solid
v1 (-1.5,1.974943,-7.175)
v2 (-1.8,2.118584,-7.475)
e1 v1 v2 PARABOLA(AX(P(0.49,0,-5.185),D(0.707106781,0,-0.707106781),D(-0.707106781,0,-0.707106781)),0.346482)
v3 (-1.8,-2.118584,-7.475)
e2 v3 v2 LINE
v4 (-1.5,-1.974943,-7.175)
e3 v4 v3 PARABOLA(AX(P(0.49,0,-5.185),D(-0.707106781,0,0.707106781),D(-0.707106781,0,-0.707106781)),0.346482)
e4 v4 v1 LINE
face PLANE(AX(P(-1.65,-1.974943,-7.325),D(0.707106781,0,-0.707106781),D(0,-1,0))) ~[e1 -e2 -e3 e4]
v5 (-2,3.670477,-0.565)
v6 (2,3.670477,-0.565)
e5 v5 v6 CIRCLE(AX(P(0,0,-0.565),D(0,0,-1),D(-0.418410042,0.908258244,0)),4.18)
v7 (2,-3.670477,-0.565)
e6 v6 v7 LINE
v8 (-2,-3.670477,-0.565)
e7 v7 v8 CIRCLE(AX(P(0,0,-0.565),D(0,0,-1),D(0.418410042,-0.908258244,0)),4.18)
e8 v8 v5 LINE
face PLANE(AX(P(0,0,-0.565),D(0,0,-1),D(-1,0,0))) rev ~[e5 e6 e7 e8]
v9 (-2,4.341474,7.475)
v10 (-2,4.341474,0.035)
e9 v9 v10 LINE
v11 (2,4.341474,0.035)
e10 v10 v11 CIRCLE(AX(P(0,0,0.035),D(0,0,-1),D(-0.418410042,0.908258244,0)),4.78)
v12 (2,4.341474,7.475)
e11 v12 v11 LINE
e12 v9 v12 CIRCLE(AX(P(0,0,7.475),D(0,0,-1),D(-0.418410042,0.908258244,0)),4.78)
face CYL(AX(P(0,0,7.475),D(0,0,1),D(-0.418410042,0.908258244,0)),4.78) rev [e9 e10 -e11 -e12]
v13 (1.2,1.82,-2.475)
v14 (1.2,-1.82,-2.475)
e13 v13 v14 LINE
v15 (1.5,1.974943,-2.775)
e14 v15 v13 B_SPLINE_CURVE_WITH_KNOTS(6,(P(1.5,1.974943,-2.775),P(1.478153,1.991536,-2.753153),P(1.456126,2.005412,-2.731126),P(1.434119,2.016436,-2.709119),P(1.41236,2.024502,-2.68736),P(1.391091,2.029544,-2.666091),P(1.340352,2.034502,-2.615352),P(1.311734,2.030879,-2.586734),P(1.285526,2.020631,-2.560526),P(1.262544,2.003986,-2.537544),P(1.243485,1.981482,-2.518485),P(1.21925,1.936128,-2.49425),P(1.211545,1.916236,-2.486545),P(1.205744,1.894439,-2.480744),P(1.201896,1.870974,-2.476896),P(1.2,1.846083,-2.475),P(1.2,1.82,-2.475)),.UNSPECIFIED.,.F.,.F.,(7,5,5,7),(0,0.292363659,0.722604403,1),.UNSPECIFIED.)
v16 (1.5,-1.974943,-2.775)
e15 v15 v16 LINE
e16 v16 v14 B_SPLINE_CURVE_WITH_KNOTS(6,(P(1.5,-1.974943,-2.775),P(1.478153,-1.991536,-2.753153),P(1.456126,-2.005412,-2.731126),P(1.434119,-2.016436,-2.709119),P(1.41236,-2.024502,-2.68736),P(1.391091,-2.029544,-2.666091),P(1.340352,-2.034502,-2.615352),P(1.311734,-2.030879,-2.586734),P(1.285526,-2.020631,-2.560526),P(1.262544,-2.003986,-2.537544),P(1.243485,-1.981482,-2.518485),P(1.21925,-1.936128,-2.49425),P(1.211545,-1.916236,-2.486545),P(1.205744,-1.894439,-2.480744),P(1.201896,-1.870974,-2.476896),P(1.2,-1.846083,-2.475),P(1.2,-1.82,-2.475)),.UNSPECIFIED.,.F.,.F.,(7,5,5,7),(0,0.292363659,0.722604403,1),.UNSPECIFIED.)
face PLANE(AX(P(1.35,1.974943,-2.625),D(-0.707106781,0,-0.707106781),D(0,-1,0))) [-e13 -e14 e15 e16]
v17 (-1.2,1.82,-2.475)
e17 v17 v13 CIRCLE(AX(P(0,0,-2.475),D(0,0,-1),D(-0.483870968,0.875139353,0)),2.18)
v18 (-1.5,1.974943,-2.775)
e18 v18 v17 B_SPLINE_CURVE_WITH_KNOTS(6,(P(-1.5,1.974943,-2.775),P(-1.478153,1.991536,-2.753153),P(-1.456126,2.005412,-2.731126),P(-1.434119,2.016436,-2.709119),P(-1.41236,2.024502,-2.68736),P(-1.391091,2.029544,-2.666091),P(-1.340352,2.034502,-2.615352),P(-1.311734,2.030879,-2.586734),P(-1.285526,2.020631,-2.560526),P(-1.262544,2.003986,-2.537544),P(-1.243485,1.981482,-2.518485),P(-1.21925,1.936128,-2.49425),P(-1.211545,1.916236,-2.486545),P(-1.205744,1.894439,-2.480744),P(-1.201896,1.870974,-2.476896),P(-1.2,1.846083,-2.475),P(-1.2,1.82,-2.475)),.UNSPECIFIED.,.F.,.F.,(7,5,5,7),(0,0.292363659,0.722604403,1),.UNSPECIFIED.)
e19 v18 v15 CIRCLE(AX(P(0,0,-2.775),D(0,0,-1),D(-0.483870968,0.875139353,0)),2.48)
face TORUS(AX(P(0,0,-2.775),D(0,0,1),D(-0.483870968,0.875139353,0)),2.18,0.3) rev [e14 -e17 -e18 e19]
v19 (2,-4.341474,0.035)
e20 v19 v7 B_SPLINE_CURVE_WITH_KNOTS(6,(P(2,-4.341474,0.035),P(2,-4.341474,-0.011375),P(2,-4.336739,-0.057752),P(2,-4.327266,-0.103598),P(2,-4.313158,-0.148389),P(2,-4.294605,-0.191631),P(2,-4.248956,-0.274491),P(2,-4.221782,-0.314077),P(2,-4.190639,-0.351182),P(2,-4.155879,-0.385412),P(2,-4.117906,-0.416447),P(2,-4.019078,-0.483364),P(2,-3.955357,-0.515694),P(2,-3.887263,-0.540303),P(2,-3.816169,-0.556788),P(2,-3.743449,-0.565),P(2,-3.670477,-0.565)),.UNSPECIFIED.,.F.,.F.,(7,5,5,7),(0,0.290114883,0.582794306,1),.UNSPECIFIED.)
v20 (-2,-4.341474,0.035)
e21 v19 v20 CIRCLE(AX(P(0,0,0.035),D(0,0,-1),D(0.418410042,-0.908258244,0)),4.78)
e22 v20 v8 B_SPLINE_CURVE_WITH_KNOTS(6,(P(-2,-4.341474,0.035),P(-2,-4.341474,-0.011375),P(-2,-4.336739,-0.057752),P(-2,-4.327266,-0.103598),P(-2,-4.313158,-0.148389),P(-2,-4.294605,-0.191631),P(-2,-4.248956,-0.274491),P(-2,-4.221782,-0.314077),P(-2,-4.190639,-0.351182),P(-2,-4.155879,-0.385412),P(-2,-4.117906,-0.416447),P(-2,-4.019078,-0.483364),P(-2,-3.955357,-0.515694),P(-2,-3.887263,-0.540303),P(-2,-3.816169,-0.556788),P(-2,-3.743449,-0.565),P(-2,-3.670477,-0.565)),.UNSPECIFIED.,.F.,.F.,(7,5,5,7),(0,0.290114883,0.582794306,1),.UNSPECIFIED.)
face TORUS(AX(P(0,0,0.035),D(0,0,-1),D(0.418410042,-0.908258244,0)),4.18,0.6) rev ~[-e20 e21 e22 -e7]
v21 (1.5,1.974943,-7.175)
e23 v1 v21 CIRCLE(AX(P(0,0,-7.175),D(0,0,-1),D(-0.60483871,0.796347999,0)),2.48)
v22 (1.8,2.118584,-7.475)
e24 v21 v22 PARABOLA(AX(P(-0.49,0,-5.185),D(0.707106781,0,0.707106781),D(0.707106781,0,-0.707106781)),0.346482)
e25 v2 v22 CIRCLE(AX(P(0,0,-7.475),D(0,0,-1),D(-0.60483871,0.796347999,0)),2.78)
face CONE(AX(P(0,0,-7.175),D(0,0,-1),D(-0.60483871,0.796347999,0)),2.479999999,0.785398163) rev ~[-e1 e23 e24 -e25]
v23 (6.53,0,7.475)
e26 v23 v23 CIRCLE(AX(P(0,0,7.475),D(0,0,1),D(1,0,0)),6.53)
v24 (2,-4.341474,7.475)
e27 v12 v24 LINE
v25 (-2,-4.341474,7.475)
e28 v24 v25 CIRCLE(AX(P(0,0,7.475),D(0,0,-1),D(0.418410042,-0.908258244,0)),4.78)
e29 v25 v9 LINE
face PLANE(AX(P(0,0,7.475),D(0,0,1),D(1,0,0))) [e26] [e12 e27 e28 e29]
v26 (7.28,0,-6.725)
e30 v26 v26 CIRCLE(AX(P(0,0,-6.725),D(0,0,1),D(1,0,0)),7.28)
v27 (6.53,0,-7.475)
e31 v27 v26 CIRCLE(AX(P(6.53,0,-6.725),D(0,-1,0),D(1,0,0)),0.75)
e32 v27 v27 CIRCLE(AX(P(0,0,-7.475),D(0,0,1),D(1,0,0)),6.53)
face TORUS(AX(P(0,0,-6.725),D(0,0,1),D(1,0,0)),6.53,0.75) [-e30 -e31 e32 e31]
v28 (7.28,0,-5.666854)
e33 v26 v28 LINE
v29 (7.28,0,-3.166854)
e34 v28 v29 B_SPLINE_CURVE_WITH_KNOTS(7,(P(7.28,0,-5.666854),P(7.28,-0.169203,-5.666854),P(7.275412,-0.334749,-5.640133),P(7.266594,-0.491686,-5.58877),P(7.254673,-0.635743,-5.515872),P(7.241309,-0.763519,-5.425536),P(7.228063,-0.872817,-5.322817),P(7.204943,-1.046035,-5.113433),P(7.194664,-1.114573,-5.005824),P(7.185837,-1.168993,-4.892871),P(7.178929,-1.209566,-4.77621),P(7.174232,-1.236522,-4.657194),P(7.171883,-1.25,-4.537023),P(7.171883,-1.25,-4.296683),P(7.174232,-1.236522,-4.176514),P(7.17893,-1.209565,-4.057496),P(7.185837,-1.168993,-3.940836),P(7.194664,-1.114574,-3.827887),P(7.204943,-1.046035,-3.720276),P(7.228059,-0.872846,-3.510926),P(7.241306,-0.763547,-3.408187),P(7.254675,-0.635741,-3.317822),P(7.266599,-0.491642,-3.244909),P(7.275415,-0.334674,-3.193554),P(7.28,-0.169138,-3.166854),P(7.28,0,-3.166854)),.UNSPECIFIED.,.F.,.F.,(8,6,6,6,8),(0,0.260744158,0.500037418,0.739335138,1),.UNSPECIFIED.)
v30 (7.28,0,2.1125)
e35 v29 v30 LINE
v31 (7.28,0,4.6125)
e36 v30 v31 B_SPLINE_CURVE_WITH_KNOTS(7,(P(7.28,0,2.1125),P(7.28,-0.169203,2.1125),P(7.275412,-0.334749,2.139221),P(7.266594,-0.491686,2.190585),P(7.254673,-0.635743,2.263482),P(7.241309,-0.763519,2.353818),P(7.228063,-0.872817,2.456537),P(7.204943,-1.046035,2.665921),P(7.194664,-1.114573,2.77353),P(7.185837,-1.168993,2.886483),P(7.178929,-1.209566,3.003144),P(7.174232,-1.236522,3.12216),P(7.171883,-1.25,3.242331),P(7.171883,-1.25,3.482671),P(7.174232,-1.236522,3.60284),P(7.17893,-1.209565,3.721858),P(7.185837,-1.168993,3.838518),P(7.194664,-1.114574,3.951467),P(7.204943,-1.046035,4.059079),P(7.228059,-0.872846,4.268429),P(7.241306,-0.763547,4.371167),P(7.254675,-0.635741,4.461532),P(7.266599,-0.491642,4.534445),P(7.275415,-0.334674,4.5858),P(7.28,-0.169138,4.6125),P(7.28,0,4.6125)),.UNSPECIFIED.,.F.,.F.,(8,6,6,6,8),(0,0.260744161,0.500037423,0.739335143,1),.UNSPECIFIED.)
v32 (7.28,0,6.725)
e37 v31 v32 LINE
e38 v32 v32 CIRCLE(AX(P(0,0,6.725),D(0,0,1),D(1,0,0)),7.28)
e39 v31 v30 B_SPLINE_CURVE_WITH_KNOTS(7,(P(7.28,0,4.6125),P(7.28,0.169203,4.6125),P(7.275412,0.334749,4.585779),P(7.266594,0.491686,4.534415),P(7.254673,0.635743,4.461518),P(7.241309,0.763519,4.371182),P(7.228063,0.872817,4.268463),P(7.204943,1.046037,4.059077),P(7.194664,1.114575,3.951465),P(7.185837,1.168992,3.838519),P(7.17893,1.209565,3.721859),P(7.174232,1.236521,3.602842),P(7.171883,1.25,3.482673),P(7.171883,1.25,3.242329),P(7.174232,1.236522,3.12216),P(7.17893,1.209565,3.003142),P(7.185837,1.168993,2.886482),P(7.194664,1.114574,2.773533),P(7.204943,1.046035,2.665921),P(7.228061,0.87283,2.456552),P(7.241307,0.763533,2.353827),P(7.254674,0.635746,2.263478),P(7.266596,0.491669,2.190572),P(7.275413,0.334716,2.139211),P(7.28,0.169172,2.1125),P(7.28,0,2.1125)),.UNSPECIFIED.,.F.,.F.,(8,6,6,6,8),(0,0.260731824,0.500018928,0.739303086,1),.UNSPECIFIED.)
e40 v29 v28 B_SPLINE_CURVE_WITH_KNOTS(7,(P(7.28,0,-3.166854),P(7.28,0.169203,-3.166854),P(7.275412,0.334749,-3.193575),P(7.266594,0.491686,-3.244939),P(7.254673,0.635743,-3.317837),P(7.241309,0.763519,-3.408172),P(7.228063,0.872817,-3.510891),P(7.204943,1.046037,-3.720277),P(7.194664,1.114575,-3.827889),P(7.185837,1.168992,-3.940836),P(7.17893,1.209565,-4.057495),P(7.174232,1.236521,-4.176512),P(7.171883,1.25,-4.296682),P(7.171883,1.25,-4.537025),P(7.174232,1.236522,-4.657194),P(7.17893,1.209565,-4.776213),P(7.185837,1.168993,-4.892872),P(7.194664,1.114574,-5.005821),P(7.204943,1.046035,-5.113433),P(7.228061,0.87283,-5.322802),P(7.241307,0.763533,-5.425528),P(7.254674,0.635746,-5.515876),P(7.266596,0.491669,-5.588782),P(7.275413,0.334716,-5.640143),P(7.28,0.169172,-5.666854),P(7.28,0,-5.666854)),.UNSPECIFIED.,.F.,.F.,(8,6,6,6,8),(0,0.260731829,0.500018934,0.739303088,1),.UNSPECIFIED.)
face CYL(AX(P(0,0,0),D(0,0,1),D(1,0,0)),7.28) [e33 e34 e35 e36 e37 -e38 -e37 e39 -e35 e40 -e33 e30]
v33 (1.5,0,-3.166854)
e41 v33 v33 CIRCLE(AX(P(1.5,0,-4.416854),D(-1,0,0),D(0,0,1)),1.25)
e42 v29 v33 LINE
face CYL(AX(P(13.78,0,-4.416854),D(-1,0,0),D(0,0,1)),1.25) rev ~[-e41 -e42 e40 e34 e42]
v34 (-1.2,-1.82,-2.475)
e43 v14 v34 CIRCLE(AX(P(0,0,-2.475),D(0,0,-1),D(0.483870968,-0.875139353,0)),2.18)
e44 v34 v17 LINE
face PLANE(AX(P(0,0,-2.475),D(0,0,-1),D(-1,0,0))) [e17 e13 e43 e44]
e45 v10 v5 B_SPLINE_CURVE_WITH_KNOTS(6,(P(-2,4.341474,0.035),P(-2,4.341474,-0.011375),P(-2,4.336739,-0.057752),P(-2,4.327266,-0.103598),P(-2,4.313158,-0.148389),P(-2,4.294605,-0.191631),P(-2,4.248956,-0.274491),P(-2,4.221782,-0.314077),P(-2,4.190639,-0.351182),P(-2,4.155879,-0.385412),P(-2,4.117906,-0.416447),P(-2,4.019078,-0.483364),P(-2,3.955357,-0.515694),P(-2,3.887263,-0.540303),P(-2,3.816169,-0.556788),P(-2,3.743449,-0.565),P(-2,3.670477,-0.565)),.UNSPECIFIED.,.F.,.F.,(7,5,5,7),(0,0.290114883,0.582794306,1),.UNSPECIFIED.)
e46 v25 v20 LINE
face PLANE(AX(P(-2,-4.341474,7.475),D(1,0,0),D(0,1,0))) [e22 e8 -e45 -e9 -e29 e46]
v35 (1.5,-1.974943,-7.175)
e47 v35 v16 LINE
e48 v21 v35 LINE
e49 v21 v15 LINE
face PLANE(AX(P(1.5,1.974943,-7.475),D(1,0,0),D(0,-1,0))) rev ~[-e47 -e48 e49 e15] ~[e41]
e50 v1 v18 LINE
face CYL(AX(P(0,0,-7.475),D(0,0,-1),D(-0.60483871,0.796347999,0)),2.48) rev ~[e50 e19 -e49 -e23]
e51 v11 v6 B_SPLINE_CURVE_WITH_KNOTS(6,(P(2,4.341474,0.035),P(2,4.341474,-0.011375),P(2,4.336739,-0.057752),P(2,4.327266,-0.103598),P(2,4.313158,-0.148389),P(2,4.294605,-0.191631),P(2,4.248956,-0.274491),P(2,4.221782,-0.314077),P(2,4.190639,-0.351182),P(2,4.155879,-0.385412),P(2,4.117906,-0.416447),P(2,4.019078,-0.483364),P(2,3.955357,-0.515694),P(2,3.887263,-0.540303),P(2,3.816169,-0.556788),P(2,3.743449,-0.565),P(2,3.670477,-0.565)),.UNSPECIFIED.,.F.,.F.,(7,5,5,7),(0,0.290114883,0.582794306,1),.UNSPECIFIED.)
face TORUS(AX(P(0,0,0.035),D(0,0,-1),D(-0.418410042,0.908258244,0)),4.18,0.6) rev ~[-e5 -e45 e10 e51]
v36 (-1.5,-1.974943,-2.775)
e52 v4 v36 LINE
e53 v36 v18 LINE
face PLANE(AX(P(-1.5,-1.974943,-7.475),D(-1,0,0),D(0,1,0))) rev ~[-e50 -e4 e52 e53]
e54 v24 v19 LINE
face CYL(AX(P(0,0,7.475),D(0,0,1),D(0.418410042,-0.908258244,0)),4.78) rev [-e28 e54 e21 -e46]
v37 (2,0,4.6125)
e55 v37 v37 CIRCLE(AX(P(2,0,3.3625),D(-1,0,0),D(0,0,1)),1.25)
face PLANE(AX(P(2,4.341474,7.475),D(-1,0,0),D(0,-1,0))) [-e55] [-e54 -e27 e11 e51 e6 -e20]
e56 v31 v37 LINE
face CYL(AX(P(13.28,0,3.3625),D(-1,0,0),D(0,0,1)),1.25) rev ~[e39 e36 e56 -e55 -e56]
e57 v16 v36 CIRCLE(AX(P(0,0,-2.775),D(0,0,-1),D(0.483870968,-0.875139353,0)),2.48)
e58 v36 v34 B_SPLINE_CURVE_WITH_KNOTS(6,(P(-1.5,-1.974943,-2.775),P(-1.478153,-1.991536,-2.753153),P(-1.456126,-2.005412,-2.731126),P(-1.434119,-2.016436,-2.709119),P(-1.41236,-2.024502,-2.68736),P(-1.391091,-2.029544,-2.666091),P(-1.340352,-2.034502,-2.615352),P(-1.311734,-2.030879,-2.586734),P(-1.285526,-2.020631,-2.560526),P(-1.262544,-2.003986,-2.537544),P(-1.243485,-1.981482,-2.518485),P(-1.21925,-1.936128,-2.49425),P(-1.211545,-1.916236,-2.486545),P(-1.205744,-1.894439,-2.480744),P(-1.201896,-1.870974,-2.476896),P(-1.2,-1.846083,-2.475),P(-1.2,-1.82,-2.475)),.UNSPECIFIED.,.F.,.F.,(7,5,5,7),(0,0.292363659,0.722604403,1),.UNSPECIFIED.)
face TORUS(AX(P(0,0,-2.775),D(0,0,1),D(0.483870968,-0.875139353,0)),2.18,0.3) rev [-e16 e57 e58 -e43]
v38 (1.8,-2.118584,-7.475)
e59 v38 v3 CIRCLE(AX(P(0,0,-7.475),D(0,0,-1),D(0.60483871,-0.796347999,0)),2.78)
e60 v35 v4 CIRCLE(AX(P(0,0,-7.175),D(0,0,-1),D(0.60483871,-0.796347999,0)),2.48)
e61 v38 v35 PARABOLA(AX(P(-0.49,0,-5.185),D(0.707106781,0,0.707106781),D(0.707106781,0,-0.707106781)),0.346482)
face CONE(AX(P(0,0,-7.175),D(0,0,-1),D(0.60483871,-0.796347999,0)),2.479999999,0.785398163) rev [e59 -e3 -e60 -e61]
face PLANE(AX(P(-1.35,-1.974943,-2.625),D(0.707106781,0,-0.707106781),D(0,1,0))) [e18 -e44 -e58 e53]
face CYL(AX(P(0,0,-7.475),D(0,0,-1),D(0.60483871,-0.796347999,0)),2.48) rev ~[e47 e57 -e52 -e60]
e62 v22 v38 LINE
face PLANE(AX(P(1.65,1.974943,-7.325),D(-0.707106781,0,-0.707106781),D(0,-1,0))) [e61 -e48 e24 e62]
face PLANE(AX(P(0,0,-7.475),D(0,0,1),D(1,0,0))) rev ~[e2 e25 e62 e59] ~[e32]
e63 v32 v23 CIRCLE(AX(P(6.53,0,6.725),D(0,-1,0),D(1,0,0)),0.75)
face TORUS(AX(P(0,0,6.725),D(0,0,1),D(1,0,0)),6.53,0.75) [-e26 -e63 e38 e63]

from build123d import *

# Parameters (mm, degrees)
SKETCH1_R             = 7.28
BOSS_EXTRUDE1_DEPTH   = 7.475
CUT_EXTRUDE1_DEPTH    = 8.04
CUT_EXTRUDE2_DEPTH    = 5
CHAMFER2_SIZE         = 0.3
CHAMFER4_SIZE         = 0.3
FILLET1_R             = 0.75
FILLET2_R             = 0.6
FILLET3_R             = 0.3
M3_TAPPED_HOLE3_D     = 2.5
M3_TAPPED_HOLE3_DEPTH = 6
M3_TAPPED_HOLE3_TIP   = 0.751075774
M3_TAPPED_HOLE4_D     = 2.5
M3_TAPPED_HOLE4_DEPTH = 6.5
M3_TAPPED_HOLE4_TIP   = 0.751075774


with BuildPart() as part:
    # Sketch1 → Boss-Extrude1 (new, symmetric)
    with BuildSketch(Plane.XY):
        Circle(SKETCH1_R)
    extrude(amount=BOSS_EXTRUDE1_DEPTH, both=True)

    # Sketch3 → Cut-Extrude1 (cut)
    with BuildSketch(Plane.XY.offset(7.475)):
        with BuildLine():
            ThreePointArc((2, 4.341474404), (0, 4.78), (-2, 4.341474404))
            Line((-2, 4.341474404), (-2, -4.341474404))
            ThreePointArc((-2, -4.341474404), (0, -4.78), (2, -4.341474404))
            Line((2, -4.341474404), (2, 4.341474404))
        make_face()
    extrude(amount=-CUT_EXTRUDE1_DEPTH, mode=Mode.SUBTRACT)

    # Sketch4 → Cut-Extrude2 (cut)
    with BuildSketch(Plane(origin=(0, 0, -7.475), x_dir=(-1, 0, 0), z_dir=(0, 0, -1))):
        with BuildLine():
            Line((-1.5, 1.974943037), (-1.5, -1.974943037))
            ThreePointArc((-1.5, -1.974943037), (0, -2.48), (1.5, -1.974943037))
            Line((1.5, -1.974943037), (1.5, 1.974943037))
            ThreePointArc((1.5, 1.974943037), (0, 2.48), (-1.5, 1.974943037))
        make_face()
    extrude(amount=-CUT_EXTRUDE2_DEPTH, mode=Mode.SUBTRACT)

    # Chamfer2
    chamfer2_edges = [part.edges().sort_by_distance(p)[0] for p in [
        (-1.5, 0, -2.475),
        (1.5, 0, -2.475),
    ]]
    chamfer(chamfer2_edges, length=CHAMFER2_SIZE)

    # Chamfer4
    chamfer4_edges = [part.edges().sort_by_distance(p)[0] for p in [
        (0, -2.48, -7.475),
        (-1.5, 0, -7.475),
        (0, 2.48, -7.475),
        (1.5, 0, -7.475),
    ]]
    chamfer(chamfer4_edges, length=CHAMFER4_SIZE)

    # Fillet1
    fillet1_edges = [part.edges().sort_by_distance(p)[0] for p in [
        (-7.28, 0, 7.475),
        (-7.28, 0, -7.475),
    ]]
    fillet(fillet1_edges, radius=FILLET1_R)

    # Fillet2
    fillet2_edges = [part.edges().sort_by_distance(p)[0] for p in [
        (0, -4.78, -0.565),
        (0, 4.78, -0.565),
    ]]
    fillet(fillet2_edges, radius=FILLET2_R)

    # Fillet3
    fillet3_edges = [part.edges().sort_by_distance(p)[0] for p in [
        (0, 2.48, -2.475),
        (0, -2.48, -2.475),
    ]]
    fillet(fillet3_edges, radius=FILLET3_R)

    # M3 Tapped Hole3
    with Locations(Plane(origin=(7.28, 0, 0), x_dir=(0, 0, -1), z_dir=(1, 0, 0))):
        with Locations((-3.3625, 0)):
            Hole(M3_TAPPED_HOLE3_D / 2, depth=M3_TAPPED_HOLE3_DEPTH)
            with Locations((0, 0, -(M3_TAPPED_HOLE3_DEPTH + M3_TAPPED_HOLE3_TIP / 2))):  # 118° drill point
                Cone(0, M3_TAPPED_HOLE3_D / 2, M3_TAPPED_HOLE3_TIP, mode=Mode.SUBTRACT)

    # M3 Tapped Hole4
    with Locations(Plane(origin=(7.28, 0, 0), x_dir=(0, 0, -1), z_dir=(1, 0, 0))):
        with Locations((4.41685425, 0)):
            Hole(M3_TAPPED_HOLE4_D / 2, depth=M3_TAPPED_HOLE4_DEPTH)
            with Locations((0, 0, -(M3_TAPPED_HOLE4_DEPTH + M3_TAPPED_HOLE4_TIP / 2))):  # 118° drill point
                Cone(0, M3_TAPPED_HOLE4_D / 2, M3_TAPPED_HOLE4_TIP, mode=Mode.SUBTRACT)


solid = part.part
